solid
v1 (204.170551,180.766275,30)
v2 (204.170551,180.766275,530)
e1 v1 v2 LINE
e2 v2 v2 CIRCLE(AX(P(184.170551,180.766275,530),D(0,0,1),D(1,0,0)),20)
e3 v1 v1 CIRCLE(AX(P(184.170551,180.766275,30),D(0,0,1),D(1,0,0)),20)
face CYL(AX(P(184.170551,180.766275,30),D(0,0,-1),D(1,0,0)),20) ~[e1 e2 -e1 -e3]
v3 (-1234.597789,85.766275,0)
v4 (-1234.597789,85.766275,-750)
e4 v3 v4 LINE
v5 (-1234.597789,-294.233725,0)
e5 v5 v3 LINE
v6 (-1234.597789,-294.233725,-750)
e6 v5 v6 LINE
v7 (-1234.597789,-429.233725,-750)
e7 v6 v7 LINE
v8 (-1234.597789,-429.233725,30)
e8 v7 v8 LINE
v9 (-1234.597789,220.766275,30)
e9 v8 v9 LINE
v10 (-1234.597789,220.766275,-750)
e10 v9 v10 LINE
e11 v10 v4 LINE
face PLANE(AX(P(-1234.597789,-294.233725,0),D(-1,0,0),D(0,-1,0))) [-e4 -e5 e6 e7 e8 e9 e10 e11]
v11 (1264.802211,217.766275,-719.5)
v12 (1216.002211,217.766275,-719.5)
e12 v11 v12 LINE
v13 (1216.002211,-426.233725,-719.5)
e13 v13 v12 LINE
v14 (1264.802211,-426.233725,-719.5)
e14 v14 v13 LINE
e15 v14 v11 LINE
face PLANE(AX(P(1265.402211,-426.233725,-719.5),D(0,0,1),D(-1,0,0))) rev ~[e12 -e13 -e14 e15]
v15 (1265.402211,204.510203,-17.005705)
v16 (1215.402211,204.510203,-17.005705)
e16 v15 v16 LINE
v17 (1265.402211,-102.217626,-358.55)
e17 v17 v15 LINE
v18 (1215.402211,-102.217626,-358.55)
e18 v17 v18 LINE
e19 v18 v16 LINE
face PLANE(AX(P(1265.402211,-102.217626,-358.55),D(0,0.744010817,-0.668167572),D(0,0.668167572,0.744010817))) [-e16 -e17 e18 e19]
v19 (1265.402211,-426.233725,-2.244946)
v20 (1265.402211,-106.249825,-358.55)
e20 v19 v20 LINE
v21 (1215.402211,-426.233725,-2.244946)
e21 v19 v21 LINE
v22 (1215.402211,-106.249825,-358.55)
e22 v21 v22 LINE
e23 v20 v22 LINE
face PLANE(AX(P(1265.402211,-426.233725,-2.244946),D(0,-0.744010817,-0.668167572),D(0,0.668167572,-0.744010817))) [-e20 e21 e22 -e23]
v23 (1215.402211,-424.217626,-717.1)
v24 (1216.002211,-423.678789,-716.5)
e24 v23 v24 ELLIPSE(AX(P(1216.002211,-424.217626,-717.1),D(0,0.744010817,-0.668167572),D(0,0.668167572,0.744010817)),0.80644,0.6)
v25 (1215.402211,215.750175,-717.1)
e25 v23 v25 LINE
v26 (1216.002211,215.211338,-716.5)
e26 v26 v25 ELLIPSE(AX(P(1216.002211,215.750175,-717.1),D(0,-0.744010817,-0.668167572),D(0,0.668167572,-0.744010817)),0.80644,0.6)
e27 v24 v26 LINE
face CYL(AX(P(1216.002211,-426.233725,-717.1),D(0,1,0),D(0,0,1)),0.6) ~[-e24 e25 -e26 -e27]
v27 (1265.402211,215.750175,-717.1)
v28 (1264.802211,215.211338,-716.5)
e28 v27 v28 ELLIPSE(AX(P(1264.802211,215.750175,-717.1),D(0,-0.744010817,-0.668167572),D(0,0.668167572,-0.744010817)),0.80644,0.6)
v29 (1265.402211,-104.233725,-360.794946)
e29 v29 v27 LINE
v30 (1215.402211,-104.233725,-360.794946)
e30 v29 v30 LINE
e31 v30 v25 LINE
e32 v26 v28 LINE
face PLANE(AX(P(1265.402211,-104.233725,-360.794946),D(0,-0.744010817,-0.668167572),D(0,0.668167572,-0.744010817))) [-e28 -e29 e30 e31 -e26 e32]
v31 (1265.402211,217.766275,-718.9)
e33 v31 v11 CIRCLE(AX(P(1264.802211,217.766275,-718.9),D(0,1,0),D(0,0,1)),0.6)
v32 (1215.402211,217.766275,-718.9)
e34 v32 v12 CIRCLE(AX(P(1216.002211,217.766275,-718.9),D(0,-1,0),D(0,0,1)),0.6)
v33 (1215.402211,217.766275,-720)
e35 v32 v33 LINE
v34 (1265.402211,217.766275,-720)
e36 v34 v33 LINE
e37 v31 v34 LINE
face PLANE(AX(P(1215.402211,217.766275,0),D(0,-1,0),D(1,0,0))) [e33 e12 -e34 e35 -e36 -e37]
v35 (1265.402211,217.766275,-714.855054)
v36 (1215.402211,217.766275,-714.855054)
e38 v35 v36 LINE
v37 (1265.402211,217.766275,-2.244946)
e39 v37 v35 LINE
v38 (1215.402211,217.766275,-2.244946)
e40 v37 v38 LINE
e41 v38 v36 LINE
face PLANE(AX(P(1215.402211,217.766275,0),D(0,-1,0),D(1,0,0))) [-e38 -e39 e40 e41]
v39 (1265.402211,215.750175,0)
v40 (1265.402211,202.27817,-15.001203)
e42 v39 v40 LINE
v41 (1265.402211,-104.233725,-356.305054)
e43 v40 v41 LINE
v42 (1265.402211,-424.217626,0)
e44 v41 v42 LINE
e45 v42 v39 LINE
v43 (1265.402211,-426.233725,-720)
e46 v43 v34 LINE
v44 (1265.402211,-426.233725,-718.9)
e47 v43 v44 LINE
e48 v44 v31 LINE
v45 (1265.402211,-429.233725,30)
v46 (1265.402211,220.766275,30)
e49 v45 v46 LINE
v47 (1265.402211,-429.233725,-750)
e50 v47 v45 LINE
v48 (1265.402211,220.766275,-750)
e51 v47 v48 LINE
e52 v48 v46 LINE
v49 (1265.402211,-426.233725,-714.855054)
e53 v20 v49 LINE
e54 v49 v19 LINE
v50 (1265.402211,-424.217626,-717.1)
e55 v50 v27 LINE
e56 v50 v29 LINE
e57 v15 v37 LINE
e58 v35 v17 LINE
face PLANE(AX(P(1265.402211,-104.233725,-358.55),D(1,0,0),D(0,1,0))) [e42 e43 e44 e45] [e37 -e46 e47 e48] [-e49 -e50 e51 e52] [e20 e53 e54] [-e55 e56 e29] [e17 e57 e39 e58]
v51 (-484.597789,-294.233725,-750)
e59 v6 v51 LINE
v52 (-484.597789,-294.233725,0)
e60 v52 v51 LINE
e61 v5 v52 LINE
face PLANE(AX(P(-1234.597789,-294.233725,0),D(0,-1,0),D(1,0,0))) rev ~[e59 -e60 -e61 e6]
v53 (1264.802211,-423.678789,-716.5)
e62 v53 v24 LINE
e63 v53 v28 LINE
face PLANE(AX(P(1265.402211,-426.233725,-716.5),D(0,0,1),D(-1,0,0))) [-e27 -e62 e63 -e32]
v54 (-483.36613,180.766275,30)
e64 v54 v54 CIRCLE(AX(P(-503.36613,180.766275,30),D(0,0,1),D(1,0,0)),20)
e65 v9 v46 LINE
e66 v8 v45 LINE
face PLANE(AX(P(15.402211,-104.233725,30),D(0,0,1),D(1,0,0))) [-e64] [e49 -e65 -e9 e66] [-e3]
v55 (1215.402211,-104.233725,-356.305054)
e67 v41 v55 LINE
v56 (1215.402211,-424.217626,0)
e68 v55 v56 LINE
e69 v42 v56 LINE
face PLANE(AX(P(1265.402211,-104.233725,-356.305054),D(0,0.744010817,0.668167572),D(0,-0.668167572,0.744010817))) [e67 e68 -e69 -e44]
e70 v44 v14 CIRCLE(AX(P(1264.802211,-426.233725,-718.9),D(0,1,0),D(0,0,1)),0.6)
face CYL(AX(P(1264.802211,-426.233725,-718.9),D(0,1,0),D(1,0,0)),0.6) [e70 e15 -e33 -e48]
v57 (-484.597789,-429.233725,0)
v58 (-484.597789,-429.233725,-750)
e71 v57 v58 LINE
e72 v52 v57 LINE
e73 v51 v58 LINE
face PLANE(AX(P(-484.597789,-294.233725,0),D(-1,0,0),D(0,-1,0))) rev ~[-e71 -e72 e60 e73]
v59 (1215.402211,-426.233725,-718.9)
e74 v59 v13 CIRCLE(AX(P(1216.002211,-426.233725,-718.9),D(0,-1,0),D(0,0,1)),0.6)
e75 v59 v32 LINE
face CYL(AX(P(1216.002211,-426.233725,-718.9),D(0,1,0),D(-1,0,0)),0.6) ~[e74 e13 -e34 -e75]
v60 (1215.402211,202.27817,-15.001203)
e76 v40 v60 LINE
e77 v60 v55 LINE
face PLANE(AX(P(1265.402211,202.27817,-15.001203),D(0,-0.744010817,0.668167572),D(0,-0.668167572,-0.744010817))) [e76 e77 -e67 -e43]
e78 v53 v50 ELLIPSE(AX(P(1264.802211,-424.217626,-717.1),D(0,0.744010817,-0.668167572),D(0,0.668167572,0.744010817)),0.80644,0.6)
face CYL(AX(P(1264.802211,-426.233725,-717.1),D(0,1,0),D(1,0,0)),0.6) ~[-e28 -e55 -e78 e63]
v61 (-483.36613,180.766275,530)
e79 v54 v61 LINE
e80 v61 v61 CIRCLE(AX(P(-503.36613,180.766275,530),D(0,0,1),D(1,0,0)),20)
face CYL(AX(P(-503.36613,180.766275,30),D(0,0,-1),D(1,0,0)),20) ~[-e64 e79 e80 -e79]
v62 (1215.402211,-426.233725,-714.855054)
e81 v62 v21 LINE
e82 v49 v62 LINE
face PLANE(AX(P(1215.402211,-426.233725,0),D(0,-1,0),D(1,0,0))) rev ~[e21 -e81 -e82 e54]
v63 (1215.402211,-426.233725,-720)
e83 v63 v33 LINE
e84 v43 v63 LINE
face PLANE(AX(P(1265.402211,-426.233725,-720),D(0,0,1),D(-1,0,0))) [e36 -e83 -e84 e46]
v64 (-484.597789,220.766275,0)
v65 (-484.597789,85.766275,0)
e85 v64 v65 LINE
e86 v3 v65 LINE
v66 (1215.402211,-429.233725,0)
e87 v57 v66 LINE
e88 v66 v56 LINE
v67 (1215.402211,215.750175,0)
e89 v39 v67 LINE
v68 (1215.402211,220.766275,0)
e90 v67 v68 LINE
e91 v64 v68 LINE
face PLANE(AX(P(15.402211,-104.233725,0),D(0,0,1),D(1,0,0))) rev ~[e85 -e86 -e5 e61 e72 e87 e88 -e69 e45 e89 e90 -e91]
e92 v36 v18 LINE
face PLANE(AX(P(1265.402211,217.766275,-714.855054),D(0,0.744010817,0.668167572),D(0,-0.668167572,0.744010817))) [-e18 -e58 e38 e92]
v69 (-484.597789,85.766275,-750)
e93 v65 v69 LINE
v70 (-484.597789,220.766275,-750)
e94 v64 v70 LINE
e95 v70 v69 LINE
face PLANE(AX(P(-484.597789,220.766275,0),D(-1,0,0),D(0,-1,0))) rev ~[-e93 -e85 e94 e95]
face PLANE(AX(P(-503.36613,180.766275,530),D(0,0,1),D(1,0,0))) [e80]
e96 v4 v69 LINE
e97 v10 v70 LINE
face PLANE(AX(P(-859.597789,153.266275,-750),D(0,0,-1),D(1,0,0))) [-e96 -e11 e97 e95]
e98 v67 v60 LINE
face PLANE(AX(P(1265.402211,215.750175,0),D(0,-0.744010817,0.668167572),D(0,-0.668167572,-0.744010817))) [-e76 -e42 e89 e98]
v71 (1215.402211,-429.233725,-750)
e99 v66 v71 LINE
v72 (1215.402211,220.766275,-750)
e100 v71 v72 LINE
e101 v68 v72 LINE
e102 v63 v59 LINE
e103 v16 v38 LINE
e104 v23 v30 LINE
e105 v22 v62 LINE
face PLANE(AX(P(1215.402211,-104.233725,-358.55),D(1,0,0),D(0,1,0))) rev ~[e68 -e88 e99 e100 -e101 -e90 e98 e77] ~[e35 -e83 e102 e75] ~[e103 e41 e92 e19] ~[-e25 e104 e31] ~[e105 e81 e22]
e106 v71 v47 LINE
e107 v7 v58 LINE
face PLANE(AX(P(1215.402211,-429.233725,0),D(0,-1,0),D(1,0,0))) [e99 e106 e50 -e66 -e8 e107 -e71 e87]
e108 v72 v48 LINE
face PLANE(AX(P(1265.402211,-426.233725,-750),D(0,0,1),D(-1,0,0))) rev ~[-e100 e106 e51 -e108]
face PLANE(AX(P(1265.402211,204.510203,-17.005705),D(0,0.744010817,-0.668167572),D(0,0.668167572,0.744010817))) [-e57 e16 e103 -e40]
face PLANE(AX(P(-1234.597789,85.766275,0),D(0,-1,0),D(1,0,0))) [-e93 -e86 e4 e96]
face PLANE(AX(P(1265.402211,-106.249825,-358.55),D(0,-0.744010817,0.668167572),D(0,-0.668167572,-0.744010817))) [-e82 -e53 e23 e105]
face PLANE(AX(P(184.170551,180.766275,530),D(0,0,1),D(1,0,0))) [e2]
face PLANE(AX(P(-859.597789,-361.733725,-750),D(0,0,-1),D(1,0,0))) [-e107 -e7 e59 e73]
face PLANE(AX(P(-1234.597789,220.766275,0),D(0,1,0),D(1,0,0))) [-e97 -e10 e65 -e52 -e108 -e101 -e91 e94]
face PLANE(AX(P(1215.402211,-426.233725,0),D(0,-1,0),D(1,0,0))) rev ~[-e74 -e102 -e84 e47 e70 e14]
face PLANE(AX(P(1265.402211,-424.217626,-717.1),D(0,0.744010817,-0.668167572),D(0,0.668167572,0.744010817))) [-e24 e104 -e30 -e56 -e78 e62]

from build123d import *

# Parameters (mm, degrees)
F0_W      = 2500
F0_H      = 650
F1_DEPTH  = 30
F2_W      = 750
F2_H      = 135
F3_DEPTH  = 750
F4_W      = 50
F4_H      = 3
F5_DEPTH  = 750
F6_W      = 50
F6_H      = 30
F6_H_2    = 3
F7_DEPTH  = 644
F8_R      = 0.6
F10_R     = 20
F11_DEPTH = 500
F12_DEPTH = 50


with BuildPart() as f1:
    # F0 (on Top) → F1 (new body)
    with BuildSketch(Plane.XY):
        with Locations((15.4022108763, -104.233725491)):
            Rectangle(F0_W, F0_H)
    extrude(amount=F1_DEPTH)

    # F2 (on face) → F3 (join)
    with BuildSketch(Plane(origin=(0, 0, 0), x_dir=(1, 0, 0), z_dir=(0, 0, -1))):
        with Locations((-859.5977891237, 361.733725491)):
            Rectangle(F2_W, F2_H)
        with Locations((-859.5977891237, -153.266274509)):
            Rectangle(F2_W, F2_H)
    extrude(amount=F3_DEPTH)

    # F4 (on face) → F5 (join)
    with BuildSketch(Plane(origin=(0, 0, 0), x_dir=(1, 0, 0), z_dir=(0, 0, -1))):
        with Locations((1240.4022108763, 427.733725491)):
            Rectangle(F4_W, F4_H)
        with Locations((1240.4022108763, -219.266274509)):
            Rectangle(F4_W, F4_H)
    extrude(amount=F5_DEPTH)

    # F6 (on face) → F7 (join, through all)
    with BuildSketch(Plane(origin=(0, -426.233725491, 0), x_dir=(-1, 0, 0), z_dir=(0, 1, 0))):
        with Locations((-1240.4022108763, -735)):
            Rectangle(F6_W, F6_H)
        with Locations((-1240.4022108763, -718)):
            Rectangle(F6_W, F6_H_2)
    extrude(amount=F7_DEPTH)

    # F8
    f8_edges = [f1.edges().sort_by_distance(p)[0] for p in [
        (1215.402211, -104.233725, -716.5),
        (1215.402211, -104.233725, -719.5),
        (1265.402211, -104.233725, -719.5),
        (1265.402211, -104.233725, -716.5),
    ]]
    fillet(f8_edges, radius=F8_R)

    # F10 (on face) → F11 (join)
    with BuildSketch(Plane.XY.offset(30)):
        with Locations((-503.3661296115, 180.766274509)):
            Circle(F10_R)
        with Locations((184.1705513642, 180.766274509)):
            Circle(F10_R)
    extrude(amount=F11_DEPTH)

    # F9 (on face) → F12 (join)
    with BuildSketch(Plane.YZ.offset(1265.4022108763)):
        Polygon((-426.233725491, -2.2449458227), (-420.1270755585, -9.0447574168), (-106.2498252118, -358.55), (-426.233725491, -714.8550541773), (-426.233725491, -716.5), (-426.233725491, -717.1), (-424.2176257702, -717.1), (-104.233725491, -360.7949458227), (215.7501747882, -717.1), (217.766274509, -717.1), (217.766274509, -716.5), (217.766274509, -714.8550541773), (-102.2176257702, -358.55), (204.5102027522, -17.0057052277), (217.766274509, -2.2449458227), (217.766274509, 0), (215.7501747882, 0), (202.2781703018, -15.0012025111), (-104.233725491, -356.3050541773), (-417.8950431081, -7.0402547003), (-424.2176257702, 0), (-426.233725491, 0), align=None)
    extrude(amount=-F12_DEPTH)


solid = f1.part
